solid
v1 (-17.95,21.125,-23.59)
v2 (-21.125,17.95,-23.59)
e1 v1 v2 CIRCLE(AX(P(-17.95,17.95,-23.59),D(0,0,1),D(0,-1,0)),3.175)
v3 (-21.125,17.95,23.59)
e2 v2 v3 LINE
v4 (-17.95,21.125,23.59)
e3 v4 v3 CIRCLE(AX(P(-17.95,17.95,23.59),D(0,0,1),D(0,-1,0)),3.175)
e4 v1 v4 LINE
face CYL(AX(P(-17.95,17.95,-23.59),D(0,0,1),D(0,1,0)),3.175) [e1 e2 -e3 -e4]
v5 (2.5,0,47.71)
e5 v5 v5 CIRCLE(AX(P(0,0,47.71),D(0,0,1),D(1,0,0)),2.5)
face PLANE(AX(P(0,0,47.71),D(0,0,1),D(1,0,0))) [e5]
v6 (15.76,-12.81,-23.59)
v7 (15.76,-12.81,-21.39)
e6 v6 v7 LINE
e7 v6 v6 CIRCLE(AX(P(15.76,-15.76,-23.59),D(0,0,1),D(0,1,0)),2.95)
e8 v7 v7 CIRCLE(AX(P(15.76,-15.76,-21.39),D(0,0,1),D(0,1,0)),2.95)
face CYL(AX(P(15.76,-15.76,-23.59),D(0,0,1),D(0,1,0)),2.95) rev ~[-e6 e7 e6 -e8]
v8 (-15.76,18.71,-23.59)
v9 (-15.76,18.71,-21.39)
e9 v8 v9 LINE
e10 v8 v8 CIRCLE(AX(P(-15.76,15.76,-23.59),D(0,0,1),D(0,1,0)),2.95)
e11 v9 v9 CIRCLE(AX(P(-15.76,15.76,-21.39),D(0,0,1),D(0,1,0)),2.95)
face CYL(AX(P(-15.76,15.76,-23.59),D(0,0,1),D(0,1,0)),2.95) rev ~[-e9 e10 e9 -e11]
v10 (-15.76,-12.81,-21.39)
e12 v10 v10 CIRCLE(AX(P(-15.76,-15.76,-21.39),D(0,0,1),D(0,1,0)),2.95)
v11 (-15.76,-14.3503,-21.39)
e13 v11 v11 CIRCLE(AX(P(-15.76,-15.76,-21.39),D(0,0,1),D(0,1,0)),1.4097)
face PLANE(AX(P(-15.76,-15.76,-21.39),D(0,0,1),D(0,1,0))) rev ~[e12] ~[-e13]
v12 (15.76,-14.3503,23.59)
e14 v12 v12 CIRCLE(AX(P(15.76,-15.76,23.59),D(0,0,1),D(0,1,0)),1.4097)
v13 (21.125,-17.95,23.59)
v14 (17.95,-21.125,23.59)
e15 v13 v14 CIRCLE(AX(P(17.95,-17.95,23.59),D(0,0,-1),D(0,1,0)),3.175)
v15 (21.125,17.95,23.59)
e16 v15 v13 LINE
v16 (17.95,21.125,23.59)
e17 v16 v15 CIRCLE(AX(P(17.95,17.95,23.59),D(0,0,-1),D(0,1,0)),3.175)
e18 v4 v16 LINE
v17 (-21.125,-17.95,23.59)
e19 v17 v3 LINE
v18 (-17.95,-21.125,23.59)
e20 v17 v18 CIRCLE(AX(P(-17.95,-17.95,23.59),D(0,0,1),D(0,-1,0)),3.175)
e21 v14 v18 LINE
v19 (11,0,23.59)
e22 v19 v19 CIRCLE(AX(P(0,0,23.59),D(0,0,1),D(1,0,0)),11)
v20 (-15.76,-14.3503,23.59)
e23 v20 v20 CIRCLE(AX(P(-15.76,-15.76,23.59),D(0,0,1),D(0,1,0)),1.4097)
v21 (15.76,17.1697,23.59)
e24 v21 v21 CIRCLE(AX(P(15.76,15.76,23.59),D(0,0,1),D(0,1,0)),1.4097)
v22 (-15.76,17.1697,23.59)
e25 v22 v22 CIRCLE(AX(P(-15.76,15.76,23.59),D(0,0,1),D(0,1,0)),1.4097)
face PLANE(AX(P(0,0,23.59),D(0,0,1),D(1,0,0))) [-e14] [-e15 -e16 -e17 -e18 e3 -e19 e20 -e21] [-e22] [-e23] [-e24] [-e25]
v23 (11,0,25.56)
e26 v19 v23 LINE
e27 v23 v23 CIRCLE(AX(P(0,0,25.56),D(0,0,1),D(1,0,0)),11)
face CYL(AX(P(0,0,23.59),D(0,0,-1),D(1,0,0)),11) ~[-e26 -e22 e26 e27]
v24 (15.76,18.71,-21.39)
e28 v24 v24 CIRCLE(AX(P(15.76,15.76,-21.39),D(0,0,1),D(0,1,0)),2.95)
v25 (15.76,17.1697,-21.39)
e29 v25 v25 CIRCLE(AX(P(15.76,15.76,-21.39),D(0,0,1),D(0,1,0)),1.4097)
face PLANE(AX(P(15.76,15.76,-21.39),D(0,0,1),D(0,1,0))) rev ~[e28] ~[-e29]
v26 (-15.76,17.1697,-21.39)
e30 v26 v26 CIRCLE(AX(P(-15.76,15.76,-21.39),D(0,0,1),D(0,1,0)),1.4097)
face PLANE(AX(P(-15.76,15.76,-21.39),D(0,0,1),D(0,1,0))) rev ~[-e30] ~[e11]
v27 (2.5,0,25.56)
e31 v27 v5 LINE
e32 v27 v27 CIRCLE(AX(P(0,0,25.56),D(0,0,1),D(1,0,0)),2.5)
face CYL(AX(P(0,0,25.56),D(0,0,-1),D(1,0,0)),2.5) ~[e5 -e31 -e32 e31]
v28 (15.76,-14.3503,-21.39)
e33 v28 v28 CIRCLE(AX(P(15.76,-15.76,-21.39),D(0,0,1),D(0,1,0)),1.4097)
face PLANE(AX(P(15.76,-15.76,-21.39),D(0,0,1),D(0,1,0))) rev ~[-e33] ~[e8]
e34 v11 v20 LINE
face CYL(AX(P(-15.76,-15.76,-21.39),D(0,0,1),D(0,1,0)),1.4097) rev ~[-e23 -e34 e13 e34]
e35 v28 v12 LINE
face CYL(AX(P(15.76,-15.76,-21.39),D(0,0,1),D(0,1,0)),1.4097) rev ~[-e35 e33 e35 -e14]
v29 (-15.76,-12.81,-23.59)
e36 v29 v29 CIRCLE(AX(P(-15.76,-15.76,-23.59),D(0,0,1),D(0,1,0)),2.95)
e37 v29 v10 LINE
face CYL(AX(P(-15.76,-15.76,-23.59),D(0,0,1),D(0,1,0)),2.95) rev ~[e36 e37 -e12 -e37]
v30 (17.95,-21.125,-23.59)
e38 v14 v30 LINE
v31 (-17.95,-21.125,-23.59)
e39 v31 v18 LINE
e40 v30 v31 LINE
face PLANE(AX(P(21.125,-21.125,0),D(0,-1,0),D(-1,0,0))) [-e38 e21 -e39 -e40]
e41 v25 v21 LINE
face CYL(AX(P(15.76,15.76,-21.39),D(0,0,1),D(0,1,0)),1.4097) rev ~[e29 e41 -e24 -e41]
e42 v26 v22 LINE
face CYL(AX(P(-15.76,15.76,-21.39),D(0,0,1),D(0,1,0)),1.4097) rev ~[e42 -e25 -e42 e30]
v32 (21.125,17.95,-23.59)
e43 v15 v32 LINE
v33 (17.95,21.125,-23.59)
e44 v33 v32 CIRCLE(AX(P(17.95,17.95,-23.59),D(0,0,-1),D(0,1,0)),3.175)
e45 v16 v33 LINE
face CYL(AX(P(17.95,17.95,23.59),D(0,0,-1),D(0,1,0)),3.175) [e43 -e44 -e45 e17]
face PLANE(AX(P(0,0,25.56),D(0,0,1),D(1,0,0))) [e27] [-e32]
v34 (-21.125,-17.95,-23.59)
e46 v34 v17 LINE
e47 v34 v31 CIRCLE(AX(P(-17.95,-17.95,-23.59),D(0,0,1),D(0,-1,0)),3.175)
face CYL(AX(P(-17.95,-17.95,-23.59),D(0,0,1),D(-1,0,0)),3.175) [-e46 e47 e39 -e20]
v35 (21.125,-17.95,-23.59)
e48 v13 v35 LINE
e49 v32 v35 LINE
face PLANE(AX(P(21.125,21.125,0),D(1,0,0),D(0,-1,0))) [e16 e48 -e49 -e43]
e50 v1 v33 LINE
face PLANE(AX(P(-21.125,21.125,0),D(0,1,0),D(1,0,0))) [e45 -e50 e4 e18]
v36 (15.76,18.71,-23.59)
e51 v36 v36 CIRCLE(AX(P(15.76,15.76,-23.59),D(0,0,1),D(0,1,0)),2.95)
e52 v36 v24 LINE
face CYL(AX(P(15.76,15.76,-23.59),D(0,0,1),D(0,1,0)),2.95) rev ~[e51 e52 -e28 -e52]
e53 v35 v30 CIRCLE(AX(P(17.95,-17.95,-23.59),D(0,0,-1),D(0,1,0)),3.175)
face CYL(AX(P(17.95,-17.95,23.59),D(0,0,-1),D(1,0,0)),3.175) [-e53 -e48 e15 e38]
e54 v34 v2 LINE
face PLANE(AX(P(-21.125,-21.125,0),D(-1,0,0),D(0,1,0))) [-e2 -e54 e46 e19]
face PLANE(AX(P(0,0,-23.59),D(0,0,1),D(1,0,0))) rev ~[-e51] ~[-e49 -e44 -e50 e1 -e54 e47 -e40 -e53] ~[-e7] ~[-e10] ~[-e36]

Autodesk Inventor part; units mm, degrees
ref_plane "YZ Plane" through (0, 0, 0) normal (1, 0, 0) x (0, 1, 0)
ref_plane "XZ Plane" through (0, 0, 0) normal (0, 1, 0) x (-1, 0, 0)
ref_plane "XY Plane" through (0, 0, 0) normal (0, 0, 1) x (1, 0, 0)
sketch "Sketch1" plane through (0, 0, 0) normal (0, 0, 1) x (1, 0, 0)
  line L0 (-21.125, 21.125) -> (21.125, 21.125)
  line L1 (21.125, 21.125) -> (21.125, -21.125)
  line L2 (21.125, -21.125) -> (-21.125, -21.125)
  line L3 (-21.125, -21.125) -> (-21.125, 21.125)
  line L4 (-21.125, 21.125) -> (21.125, -21.125) construction
  line L5 (21.125, 21.125) -> (-21.125, -21.125) construction
  point P0 (0, 0)
  dimension "d0" = 42.25
  dimension "d1" = 42.25
extrude "Extrusion1" add sketch "Sketch1" along normal mid plane 47.18
sketch "Sketch2" plane through (0, 0, 23.59) normal (0, 0, 1) x (1, 0, 0)
  circle A0 centre (0, 0) radius 11
  dimension "d4" = 22
extrude "Extrusion2" add sketch "Sketch2" along normal blind 1.97
fillet "Fillet1" radius 3.175 4 edges at (-21.125, 21.125, 0) (-21.125, -21.125, 0) (21.125, 21.125, 0) (21.125, -21.125, 0)
sketch "Sketch3" plane through (0, 0, 25.56) normal (0, 0, 1) x (1, 0, 0)
  circle A0 centre (0, 0) radius 2.5
  dimension "d8" = 5
extrude "Extrusion3" add sketch "Sketch3" along normal blind 22.15
sketch "Sketch4" plane through (0, 0, -23.59) normal (0, 0, -1) x (-1, 0, 0)
  circle A0 centre (-15.76, 15.76) radius 2.95
  circle A1 centre (15.76, 15.76) radius 2.95
  circle A2 centre (-15.76, -15.76) radius 2.95
  circle A3 centre (15.76, -15.76) radius 2.95
  line L0 (-21.125, 17.95) -> (-21.125, -17.95) projected
  line L1 (17.95, 21.125) -> (-17.95, 21.125) projected
  line L2 (21.125, -17.95) -> (21.125, 17.95) projected
  line L3 (-17.95, -21.125) -> (17.95, -21.125) projected
  point P0 (0, 0)
  dimension "d12" = 5.9
  dimension "d13" = 5.9
  dimension "d14" = 5.9
  dimension "d16" = 5.365
  dimension "d17" = 5.365
  dimension "d18" = 5.365
  dimension "d19" = 5.365
hole "Hole1" at (15.76, 15.76, -23.59) at (-15.76, 15.76, -23.59) at (-15.76, -15.76, -23.59) at (15.76, -15.76, -23.59) direction (0, 0, 1) diameter 5.9 depth 2.2
sketch "Sketch7" plane through (15.76, -15.76, -21.39) normal (0, 0, -1) x (-1, 0, 0)
  circle A0 centre (0, 0) radius 1.524
  point P0 (15.76, 15.76)
  dimension "d46" = 3.048
hole "Hole3" at (15.76, -15.76, -21.39) direction (0, 0, 1) diameter 2.8194 end through all thread size "6-40 UNF" class "2B" standard "ANSI Unified Screw Threads"
sketch "Sketch8" plane through (15.76, 15.76, -21.39) normal (0, 0, -1) x (-1, 0, 0)
  circle A0 centre (0, 0) radius 1.524
  point P0 (15.76, -15.76)
  dimension "d54" = 3.048
hole "Hole4" at (15.76, 15.76, -21.39) direction (0, 0, 1) diameter 2.8194 end through all thread size "6-40 UNF" class "2B" standard "ANSI Unified Screw Threads"
sketch "Sketch9" plane through (-15.76, -15.76, -21.39) normal (0, 0, -1) x (-1, 0, 0)
  circle A0 centre (0, 0) radius 1.524
  point P0 (-15.76, 15.76)
  dimension "d62" = 3.048
hole "Hole5" at (-15.76, -15.76, -21.39) direction (0, 0, 1) diameter 2.8194 end through all thread size "6-40 UNF" class "2B" standard "ANSI Unified Screw Threads"
sketch "Sketch10" plane through (-15.76, 15.76, -21.39) normal (0, 0, -1) x (-1, 0, 0)
  circle A0 centre (0, 0) radius 1.524
  point P0 (-15.76, -15.76)
  dimension "d70" = 3.048
hole "Hole6" at (-15.76, 15.76, -21.39) direction (0, 0, 1) diameter 2.8194 end through all thread size "6-40 UNF" class "2B" standard "ANSI Unified Screw Threads"
equation "\"d1\" = d0"
properties part number "CNC- Stepper Motor"
